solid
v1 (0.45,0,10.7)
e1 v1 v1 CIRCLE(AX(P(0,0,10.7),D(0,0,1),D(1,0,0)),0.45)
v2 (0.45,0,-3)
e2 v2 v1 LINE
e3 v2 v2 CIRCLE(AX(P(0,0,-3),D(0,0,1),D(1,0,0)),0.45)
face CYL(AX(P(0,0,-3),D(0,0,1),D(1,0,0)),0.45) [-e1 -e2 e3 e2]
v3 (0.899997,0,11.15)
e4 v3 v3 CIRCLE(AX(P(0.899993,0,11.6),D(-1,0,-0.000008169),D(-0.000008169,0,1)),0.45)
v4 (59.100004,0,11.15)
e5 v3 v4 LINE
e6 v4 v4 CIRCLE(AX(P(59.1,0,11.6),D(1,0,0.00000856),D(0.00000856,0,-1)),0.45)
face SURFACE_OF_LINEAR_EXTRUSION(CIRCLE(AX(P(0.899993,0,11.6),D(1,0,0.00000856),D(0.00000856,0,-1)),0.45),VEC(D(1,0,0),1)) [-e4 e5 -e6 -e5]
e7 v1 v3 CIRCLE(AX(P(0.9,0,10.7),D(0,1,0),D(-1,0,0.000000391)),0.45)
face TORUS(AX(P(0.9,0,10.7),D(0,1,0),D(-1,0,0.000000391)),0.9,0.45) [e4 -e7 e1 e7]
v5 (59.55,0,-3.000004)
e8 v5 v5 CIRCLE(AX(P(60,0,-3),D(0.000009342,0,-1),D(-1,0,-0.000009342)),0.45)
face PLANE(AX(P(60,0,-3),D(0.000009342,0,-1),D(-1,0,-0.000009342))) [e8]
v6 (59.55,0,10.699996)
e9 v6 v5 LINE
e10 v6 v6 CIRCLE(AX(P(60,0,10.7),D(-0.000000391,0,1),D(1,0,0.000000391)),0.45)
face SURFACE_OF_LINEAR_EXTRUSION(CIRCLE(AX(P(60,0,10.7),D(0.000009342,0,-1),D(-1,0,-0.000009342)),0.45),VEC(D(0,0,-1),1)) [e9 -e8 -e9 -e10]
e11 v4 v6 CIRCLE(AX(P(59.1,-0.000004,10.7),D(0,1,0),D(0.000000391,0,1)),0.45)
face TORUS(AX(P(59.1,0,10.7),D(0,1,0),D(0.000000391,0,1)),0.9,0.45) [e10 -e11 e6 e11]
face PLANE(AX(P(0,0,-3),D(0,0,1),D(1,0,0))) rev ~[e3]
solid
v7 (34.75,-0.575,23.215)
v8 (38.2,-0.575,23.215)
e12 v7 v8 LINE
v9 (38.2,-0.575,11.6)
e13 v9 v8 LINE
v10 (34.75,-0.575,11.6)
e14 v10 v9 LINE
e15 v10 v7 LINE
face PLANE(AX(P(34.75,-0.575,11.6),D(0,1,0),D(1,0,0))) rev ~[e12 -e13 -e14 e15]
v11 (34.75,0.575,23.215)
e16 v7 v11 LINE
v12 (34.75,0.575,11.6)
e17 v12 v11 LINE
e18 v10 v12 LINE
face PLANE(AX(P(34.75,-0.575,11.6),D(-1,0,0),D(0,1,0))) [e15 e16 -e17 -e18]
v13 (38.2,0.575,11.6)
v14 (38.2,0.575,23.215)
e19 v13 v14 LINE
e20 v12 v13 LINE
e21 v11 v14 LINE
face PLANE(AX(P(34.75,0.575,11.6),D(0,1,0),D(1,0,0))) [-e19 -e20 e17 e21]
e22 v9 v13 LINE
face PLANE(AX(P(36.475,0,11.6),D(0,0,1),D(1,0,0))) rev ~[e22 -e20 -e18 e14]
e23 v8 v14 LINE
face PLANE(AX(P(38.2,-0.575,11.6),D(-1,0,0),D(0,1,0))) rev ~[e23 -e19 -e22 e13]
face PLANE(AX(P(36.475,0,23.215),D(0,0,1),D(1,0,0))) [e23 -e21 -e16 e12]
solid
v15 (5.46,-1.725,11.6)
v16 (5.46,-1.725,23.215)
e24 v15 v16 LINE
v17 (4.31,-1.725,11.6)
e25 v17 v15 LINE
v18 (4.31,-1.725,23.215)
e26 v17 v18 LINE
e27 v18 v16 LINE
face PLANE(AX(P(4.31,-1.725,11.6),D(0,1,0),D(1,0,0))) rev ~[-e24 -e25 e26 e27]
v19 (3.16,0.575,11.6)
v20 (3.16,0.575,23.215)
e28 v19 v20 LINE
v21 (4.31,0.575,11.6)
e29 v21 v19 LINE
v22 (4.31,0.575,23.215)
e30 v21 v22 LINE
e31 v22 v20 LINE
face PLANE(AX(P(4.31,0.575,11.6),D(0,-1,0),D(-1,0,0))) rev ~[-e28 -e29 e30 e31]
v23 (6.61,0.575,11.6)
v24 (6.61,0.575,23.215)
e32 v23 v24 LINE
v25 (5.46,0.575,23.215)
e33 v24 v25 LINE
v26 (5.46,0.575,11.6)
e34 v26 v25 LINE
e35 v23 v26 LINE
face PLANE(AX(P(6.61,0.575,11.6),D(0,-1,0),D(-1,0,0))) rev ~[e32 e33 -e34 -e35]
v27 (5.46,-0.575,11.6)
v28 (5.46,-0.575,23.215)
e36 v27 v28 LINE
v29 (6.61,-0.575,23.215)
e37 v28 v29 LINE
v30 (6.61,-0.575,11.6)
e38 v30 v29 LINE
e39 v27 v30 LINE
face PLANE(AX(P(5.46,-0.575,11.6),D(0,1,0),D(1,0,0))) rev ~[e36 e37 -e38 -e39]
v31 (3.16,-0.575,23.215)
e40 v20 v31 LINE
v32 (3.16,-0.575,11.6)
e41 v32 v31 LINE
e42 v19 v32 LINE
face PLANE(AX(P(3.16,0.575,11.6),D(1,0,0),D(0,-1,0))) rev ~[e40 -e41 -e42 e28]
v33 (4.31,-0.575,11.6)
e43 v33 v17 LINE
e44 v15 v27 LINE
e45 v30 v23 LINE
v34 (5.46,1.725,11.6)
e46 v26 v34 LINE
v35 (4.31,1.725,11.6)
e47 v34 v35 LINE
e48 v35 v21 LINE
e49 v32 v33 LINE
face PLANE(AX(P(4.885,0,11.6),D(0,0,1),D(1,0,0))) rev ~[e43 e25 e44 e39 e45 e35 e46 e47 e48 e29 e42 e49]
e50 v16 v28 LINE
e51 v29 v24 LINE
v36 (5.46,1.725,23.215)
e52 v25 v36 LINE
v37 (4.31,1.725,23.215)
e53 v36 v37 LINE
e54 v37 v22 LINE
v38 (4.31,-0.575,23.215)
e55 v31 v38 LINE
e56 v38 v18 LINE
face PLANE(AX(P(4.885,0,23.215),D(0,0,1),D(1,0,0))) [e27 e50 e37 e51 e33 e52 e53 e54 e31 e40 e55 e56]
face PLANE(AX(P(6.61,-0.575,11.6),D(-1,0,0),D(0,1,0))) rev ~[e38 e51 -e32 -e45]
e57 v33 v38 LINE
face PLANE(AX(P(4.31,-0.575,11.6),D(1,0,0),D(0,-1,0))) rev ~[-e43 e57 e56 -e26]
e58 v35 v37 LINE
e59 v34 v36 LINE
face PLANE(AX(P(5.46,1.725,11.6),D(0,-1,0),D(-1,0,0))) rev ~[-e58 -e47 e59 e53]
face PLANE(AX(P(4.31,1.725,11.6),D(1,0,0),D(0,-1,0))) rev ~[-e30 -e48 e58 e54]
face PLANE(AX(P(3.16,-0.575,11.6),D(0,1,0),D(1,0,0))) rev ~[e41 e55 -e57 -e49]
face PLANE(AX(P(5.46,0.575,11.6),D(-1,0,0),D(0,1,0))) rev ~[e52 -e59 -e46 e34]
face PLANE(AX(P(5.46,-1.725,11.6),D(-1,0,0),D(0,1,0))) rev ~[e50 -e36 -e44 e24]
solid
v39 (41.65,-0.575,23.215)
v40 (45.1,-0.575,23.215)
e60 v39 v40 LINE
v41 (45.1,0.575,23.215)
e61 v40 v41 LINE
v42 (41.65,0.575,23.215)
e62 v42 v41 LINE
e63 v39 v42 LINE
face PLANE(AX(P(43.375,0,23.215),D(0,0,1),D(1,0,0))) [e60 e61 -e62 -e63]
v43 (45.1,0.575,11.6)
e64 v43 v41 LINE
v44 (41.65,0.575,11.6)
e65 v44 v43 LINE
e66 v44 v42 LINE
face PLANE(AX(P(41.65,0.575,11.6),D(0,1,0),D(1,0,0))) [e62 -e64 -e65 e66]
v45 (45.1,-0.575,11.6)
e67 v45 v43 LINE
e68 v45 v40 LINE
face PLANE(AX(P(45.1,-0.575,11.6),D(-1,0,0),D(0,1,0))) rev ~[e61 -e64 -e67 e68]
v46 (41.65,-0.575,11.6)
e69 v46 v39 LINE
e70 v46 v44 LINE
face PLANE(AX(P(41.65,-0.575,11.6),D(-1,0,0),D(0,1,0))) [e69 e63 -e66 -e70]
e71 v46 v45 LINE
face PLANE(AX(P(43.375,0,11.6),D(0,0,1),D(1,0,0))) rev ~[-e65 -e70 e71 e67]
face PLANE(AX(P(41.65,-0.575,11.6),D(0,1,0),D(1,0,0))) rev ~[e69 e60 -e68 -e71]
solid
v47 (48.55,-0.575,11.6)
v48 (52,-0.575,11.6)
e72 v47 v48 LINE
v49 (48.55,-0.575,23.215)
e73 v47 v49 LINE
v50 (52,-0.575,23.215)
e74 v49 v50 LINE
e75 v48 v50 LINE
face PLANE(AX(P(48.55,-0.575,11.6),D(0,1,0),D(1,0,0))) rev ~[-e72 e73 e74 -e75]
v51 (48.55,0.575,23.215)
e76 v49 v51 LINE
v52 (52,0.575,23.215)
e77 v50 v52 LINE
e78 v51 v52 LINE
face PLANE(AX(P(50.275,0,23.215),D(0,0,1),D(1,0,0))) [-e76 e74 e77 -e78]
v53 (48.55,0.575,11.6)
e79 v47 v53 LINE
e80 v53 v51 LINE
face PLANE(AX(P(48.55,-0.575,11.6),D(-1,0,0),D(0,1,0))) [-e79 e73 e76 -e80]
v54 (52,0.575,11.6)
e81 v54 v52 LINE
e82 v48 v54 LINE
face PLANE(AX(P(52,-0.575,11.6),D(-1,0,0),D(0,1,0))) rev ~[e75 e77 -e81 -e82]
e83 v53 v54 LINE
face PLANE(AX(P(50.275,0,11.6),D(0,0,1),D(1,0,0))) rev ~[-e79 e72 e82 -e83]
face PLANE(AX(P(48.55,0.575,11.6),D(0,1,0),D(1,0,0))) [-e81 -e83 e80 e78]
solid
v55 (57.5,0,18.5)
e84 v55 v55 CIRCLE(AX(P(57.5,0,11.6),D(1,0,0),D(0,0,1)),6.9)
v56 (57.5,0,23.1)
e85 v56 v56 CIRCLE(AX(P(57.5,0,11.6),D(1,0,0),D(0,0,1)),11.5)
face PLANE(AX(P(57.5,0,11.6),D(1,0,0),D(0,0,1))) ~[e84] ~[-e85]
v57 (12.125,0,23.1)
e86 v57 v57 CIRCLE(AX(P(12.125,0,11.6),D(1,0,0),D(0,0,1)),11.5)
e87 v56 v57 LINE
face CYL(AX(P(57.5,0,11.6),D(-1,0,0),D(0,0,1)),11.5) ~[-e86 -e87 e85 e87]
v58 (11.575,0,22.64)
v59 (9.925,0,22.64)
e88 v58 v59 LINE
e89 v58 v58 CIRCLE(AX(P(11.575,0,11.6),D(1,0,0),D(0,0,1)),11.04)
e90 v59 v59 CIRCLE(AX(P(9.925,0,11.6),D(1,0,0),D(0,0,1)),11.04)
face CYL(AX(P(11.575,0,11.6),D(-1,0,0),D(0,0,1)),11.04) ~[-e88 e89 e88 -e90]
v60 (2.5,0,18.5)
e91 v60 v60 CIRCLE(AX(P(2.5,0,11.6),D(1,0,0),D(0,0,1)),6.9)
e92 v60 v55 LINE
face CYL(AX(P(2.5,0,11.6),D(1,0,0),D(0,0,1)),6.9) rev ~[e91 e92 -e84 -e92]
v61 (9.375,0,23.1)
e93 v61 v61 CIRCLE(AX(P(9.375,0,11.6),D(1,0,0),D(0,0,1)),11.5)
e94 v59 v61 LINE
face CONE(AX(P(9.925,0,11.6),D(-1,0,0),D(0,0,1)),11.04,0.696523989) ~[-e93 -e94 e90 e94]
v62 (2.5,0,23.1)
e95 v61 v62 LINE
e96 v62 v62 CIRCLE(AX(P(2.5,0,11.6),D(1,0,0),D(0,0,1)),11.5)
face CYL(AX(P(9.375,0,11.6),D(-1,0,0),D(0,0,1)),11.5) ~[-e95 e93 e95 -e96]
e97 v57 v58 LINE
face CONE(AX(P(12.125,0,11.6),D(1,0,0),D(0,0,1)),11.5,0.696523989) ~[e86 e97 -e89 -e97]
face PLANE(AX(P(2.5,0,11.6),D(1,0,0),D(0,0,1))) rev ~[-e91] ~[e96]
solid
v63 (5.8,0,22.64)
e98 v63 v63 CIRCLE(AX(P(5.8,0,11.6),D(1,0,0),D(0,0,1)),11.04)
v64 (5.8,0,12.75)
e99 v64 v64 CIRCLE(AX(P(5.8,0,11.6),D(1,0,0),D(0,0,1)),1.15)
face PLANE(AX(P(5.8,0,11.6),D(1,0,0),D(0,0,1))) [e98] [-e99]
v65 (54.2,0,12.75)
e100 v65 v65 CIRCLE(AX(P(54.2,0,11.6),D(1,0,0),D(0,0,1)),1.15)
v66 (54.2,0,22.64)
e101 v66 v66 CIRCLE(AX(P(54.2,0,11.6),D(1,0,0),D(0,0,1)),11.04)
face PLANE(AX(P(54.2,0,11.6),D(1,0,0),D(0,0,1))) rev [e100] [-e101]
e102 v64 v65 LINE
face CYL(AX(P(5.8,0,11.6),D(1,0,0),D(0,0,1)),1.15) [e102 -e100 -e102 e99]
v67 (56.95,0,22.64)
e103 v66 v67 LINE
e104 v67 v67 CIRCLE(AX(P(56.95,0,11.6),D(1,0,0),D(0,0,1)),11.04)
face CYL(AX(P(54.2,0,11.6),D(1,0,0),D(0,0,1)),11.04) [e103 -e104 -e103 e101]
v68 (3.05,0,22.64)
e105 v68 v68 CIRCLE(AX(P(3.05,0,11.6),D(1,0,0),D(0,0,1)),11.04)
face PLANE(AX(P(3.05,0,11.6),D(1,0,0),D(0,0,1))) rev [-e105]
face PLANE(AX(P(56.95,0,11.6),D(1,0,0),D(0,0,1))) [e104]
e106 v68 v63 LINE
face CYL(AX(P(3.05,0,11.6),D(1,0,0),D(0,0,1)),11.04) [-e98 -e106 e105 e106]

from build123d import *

# Parameters (mm, degrees)
SKETCH_R    = 0.45
SKETCH004_W = 3.45
SKETCH004_H = 1.15
PAD_DEPTH   = 11.615


with BuildPart() as sweep_body:
    # Sweep: sweep along a path in Sketch001
    with BuildLine(Plane.XZ) as sweep_path:
        Line((0, -3), (0, 10.7))
        ThreePointArc((0, 10.7), (0.263601, 11.336393), (0.899993, 11.6))
        Line((0.899993, 11.6), (59.1, 11.6))
        ThreePointArc((59.1, 11.6), (59.736396, 11.336396), (60, 10.7))
        Line((60, 10.7), (60, -3))
    # Sketch → Sweep (sweep)
    with BuildSketch(Plane.XY.offset(-2)):
        Circle(SKETCH_R)
    sweep(path=sweep_path.line)


with BuildPart() as revolution:
    # Sketch002 → Revolution (revolve)
    with BuildSketch(Plane.XZ):
        Polygon((2.5, 23.1), (2.5, 18.5), (57.5, 18.5), (57.5, 23.1), (12.125, 23.1), (11.575, 22.64), (9.925, 22.64), (9.375, 23.1), align=None)
    revolve(axis=Axis((6.97588, 0, 11.6), (1, 0, 0)))


with BuildPart() as revolution001:
    # Sketch003 → Revolution001 (revolve)
    with BuildSketch(Plane.XZ):
        Polygon((3.05, 22.64), (5.8, 22.64), (5.8, 12.75), (54.2, 12.75), (54.2, 22.64), (56.95, 22.64), (56.95, 11.6), (3.05, 11.6), align=None)
    revolve(axis=Axis((6.97588, 0, 11.6), (1, 0, 0)))


with BuildPart() as pad:
    # Sketch004 → Pad (new body)
    with BuildSketch(Plane.XY.offset(11.6)):
        with Locations((50.275, 0)):
            Rectangle(SKETCH004_W, SKETCH004_H)
        with Locations((43.375, 0)):
            Rectangle(SKETCH004_W, SKETCH004_H)
        with Locations((36.475, 0)):
            Rectangle(SKETCH004_W, SKETCH004_H)
        Polygon((4.31, 0.575), (3.16, 0.575), (3.16, -0.575), (4.31, -0.575), (4.31, -1.725), (5.46, -1.725), (5.46, -0.575), (6.61, -0.575), (6.61, 0.575), (5.46, 0.575), (5.46, 1.725), (4.31, 1.725), align=None)
    extrude(amount=PAD_DEPTH)


solid = Compound([sweep_body.part, revolution.part, revolution001.part, pad.part])
